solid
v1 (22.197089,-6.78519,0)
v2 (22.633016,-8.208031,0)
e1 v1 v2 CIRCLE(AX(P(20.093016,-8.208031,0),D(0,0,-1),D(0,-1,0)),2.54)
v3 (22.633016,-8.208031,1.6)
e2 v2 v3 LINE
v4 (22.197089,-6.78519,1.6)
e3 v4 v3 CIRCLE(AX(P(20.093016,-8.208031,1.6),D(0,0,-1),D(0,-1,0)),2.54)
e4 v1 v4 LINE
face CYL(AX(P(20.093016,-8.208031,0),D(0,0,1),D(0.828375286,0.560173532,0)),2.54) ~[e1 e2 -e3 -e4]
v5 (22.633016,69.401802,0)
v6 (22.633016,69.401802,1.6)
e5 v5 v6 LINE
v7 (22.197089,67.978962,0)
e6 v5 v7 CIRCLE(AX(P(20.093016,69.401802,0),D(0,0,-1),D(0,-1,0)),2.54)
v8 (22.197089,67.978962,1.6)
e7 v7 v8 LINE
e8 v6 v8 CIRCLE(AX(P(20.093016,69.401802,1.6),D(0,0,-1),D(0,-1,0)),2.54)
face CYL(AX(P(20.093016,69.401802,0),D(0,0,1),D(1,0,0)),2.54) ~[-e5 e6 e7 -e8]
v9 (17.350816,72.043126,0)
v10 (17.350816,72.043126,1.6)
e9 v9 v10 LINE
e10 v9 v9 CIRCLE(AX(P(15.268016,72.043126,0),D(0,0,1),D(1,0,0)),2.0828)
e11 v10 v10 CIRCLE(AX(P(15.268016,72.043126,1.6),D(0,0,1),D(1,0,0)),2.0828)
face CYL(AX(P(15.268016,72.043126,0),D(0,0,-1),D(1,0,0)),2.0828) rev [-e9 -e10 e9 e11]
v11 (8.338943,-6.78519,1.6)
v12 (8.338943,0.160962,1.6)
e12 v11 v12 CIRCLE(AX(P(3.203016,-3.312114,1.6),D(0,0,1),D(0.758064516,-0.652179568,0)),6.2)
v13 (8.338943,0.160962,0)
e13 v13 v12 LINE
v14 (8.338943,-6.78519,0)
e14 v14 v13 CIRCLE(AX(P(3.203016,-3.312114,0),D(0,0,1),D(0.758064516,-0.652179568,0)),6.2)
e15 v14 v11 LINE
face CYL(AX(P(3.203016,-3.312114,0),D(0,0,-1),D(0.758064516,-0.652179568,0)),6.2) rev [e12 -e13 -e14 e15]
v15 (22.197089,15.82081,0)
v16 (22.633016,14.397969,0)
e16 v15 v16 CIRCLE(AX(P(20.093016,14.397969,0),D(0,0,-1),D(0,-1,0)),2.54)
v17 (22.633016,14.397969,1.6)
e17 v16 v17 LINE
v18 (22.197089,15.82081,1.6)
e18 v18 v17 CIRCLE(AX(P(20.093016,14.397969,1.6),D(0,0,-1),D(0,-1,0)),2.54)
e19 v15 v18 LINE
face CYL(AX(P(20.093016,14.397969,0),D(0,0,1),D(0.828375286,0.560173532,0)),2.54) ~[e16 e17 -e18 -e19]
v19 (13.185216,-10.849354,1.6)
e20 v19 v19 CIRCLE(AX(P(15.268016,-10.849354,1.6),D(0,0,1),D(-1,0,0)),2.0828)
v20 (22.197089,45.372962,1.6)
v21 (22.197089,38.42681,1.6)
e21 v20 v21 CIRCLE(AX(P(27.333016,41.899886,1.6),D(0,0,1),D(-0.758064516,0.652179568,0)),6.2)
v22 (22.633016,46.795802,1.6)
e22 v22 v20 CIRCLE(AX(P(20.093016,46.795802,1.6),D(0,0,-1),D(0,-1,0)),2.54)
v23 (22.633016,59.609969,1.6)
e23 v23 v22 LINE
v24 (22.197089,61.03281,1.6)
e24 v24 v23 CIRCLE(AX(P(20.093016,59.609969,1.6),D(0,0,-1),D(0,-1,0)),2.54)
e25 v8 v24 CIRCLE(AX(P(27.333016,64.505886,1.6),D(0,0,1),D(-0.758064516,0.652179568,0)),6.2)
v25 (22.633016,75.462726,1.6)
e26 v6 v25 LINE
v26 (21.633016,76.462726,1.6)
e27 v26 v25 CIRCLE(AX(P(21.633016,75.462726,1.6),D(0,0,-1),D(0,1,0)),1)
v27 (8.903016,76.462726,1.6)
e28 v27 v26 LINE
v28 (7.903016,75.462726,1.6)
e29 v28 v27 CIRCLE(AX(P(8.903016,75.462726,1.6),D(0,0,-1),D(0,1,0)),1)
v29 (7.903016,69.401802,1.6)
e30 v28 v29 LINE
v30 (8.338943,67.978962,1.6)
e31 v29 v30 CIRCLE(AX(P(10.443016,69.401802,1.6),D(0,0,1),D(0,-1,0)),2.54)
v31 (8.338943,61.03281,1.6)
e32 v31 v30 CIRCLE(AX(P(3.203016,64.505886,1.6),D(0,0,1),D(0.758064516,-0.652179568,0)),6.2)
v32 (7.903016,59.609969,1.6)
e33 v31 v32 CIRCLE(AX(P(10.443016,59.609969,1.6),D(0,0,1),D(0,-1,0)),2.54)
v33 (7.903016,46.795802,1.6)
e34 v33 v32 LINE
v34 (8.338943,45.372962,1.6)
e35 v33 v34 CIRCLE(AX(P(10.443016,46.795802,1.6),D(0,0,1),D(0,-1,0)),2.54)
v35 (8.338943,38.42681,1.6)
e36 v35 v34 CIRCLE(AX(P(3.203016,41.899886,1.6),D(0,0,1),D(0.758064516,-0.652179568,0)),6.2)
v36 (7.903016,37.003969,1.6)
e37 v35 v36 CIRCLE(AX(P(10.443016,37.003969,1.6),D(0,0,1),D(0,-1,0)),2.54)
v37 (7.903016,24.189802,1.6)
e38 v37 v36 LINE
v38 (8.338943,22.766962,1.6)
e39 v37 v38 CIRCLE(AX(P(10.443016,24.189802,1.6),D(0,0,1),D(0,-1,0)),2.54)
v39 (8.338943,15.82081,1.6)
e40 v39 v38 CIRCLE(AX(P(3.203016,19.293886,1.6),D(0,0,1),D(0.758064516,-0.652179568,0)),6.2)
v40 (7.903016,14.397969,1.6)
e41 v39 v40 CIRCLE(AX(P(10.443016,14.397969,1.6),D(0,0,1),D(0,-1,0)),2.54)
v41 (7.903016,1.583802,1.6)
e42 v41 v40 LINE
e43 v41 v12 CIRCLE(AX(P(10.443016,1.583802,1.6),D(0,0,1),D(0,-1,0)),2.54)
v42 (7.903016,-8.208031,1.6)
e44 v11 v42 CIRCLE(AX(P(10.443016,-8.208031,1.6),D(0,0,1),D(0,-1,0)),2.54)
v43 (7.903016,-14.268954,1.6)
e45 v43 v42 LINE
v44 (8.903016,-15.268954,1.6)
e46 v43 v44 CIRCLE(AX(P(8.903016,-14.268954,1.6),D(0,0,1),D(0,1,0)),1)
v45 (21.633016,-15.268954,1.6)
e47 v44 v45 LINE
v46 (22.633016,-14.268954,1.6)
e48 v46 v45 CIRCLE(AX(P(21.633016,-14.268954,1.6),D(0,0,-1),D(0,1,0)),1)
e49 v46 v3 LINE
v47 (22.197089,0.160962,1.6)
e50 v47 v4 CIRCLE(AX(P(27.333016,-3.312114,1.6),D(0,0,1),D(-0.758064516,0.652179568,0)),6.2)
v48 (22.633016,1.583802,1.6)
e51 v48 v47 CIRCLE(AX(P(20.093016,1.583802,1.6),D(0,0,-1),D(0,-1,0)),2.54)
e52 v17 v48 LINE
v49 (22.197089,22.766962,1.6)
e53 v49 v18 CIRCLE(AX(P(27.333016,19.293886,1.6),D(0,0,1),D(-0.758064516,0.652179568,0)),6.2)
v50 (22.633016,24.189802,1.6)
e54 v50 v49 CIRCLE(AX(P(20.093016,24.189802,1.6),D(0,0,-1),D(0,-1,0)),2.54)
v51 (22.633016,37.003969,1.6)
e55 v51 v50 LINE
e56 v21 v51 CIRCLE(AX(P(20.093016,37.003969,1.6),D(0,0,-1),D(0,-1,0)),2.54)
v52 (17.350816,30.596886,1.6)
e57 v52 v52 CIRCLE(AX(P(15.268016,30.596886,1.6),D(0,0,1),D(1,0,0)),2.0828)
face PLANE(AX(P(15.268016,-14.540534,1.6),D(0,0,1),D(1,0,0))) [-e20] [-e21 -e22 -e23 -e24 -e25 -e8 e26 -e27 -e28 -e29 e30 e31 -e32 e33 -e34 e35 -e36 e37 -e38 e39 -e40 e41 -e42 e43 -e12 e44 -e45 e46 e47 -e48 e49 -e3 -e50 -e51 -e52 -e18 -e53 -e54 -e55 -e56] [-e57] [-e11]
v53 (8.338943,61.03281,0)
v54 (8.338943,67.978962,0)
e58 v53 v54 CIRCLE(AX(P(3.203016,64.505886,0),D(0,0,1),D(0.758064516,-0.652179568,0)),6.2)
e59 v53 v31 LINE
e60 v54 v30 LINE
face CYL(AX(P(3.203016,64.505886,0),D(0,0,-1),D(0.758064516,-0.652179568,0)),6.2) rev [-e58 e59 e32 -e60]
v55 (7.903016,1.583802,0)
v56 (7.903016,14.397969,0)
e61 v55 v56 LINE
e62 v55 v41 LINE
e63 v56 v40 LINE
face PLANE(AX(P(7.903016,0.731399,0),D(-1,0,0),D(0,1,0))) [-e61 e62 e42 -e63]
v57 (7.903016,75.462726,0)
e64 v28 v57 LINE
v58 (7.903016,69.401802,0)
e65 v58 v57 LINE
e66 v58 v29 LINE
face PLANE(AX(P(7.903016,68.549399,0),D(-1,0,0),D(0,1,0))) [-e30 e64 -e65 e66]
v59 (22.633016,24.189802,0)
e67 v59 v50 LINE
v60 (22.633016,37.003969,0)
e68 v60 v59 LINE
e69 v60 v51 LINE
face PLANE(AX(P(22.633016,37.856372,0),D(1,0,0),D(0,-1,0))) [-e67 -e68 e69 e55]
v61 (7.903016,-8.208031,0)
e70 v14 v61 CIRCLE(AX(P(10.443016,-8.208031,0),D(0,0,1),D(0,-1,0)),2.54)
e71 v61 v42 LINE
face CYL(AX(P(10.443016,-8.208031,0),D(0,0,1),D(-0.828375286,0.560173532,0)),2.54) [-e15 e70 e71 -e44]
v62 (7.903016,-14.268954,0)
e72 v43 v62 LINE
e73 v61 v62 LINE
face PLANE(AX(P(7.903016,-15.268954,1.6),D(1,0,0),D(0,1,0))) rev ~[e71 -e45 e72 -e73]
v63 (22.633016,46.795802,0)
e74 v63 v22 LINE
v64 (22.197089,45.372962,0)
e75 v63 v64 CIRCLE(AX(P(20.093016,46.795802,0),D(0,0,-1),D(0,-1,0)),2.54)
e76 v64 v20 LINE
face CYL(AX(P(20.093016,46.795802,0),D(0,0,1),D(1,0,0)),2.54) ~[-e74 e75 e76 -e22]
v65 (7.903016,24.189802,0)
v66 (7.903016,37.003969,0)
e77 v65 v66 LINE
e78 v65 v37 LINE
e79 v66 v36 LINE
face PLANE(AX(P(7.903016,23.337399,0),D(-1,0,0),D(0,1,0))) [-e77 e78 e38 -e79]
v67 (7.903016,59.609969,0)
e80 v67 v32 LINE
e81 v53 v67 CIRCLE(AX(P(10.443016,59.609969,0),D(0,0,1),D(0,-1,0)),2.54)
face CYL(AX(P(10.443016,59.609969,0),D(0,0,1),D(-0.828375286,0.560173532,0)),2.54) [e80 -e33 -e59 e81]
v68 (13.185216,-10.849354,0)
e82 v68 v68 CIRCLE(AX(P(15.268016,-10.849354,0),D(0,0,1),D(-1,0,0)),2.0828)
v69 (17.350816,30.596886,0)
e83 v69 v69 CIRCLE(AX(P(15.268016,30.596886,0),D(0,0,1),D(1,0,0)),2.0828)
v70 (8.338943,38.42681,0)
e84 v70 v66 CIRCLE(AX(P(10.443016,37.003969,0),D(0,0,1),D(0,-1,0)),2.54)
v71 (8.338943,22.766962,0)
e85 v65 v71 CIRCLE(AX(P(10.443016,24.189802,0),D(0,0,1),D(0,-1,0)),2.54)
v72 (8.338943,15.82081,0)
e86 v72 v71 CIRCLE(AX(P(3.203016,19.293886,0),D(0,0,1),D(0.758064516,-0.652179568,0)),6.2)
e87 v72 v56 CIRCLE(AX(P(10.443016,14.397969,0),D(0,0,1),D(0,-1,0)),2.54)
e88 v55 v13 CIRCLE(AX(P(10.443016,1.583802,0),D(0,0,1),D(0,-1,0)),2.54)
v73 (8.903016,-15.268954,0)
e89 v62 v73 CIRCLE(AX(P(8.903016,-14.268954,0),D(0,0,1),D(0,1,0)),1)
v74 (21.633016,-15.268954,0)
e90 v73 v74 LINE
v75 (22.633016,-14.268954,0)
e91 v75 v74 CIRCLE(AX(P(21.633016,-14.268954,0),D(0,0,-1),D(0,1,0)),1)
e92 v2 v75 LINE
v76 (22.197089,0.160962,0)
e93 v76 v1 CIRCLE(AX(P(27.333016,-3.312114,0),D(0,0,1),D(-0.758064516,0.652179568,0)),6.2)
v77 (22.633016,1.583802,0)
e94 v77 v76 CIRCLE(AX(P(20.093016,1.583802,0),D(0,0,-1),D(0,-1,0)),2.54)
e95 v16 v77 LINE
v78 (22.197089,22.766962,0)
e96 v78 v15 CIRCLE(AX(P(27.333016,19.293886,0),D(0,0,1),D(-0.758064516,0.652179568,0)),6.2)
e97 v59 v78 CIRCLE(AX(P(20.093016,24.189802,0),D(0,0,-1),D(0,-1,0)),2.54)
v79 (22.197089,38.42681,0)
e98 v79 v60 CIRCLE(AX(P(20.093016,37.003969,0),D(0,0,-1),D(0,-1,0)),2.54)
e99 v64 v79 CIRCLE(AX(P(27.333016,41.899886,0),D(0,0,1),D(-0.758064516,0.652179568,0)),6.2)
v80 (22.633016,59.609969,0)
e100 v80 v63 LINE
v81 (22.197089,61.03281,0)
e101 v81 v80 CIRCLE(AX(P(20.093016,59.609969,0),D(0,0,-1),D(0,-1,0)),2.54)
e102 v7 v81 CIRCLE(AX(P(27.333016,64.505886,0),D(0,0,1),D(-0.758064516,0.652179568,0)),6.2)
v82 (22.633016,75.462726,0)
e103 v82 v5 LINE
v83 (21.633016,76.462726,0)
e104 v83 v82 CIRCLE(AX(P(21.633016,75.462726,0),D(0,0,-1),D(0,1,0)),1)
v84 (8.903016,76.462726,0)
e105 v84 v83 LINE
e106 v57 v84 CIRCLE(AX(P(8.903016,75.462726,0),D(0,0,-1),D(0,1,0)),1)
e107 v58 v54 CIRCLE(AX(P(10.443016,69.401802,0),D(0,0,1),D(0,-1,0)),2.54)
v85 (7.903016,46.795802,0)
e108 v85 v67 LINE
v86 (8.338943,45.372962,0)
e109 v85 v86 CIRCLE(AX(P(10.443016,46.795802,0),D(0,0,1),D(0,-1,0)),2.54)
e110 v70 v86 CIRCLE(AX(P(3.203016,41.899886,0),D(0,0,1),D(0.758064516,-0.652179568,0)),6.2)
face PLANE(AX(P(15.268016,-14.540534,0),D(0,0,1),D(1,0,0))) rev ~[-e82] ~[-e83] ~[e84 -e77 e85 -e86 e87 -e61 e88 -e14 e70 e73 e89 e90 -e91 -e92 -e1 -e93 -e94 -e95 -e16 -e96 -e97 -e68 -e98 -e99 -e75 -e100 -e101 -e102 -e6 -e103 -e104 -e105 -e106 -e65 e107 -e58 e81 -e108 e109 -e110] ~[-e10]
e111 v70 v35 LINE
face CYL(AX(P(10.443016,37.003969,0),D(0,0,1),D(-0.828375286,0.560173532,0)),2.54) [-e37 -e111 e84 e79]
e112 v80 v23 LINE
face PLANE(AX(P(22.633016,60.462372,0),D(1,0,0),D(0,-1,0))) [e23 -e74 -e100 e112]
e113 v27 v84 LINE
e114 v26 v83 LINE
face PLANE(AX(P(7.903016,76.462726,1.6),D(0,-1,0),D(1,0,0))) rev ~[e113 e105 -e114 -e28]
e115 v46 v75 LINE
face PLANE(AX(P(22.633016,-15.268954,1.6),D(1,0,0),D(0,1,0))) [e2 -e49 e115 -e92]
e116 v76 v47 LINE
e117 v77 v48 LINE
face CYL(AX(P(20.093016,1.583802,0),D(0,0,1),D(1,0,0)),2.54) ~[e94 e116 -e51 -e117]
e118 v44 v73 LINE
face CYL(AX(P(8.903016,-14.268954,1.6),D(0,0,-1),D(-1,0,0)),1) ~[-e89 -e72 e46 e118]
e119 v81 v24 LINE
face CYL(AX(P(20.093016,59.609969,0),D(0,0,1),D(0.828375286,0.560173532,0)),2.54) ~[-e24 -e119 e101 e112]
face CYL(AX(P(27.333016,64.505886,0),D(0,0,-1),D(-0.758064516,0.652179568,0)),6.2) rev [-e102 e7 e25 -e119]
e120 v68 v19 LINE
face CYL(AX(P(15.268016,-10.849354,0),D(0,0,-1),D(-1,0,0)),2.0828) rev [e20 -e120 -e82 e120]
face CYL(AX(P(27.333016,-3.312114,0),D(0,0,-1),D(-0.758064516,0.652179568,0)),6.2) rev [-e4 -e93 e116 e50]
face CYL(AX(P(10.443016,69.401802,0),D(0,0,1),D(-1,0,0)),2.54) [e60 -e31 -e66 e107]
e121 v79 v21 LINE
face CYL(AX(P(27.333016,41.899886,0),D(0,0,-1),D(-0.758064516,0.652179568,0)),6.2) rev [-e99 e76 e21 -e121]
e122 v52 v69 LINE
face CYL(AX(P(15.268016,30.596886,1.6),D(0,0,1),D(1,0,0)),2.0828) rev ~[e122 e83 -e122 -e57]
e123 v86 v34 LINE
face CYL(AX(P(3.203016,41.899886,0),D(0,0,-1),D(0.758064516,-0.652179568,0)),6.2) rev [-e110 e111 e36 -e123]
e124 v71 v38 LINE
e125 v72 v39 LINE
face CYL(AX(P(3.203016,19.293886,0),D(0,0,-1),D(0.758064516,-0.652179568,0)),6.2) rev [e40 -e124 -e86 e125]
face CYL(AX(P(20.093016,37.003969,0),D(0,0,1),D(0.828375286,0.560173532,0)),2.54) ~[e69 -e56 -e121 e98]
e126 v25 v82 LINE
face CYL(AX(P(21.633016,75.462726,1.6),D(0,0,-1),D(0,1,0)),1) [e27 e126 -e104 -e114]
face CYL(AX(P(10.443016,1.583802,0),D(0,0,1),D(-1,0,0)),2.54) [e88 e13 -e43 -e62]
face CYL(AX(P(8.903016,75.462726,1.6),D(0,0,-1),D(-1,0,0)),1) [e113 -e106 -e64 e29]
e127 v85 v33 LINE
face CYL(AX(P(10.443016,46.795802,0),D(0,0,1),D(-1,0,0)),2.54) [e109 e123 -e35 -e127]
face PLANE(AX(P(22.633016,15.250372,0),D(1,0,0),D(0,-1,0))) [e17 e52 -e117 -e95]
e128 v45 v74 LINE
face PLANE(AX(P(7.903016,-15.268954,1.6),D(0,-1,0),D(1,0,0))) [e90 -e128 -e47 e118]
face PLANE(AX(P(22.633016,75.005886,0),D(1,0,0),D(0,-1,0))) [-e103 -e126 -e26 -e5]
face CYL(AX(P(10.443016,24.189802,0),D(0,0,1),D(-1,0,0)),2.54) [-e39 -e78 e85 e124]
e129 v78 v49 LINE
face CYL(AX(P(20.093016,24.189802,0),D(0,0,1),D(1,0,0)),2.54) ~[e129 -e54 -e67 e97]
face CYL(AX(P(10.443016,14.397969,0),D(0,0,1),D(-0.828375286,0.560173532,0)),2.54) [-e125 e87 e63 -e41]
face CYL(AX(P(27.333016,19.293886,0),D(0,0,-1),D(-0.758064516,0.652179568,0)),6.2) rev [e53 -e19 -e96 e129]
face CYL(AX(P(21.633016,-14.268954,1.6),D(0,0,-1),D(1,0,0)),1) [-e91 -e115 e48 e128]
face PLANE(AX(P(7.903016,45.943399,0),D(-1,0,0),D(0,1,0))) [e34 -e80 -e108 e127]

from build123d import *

# Parameters (mm, degrees)
SKETCH1_R           = 2.0828
BOSS_EXTRUDE1_DEPTH = 1.6
FILLET1_R           = 2.54
SKETCH3_R           = 2.0828
CUT_EXTRUDE1_DEPTH  = 79.362595117
SKETCH4_W           = 14.730000004
SKETCH4_H           = 1.456840112
BOSS_EXTRUDE2_DEPTH = 1.6
FILLET2_R           = 1


with BuildPart() as part:
    # Sketch1 → Boss-Extrude1 (new body)
    with BuildSketch(Plane.XY):
        with BuildLine():
            Line((7.903015948, 75.005885785), (22.633015952, 75.005885785))
            Line((22.633015952, 75.005885785), (22.633015952, 68.549399108))
            ThreePointArc((22.633015952, 68.549399108), (21.133015952, 64.505885785), (22.633015952, 60.462372462))
            Line((22.633015952, 60.462372462), (22.633015952, 45.943399108))
            ThreePointArc((22.633015952, 45.943399108), (21.133015952, 41.899885785), (22.633015952, 37.856372462))
            Line((22.633015952, 37.856372462), (22.633015952, 23.337399108))
            ThreePointArc((22.633015952, 23.337399108), (21.133015952, 19.293885785), (22.633015952, 15.250372462))
            Line((22.633015952, 15.250372462), (22.633015952, 0.731399108))
            ThreePointArc((22.633015952, 0.731399108), (21.133015952, -3.312114215), (22.633015952, -7.355627538))
            Line((22.633015952, -7.355627538), (22.633015952, -13.812114215))
            Line((22.633015952, -13.812114215), (7.903015948, -13.812114215))
            Line((7.903015948, -13.812114215), (7.903015948, -7.355627538))
            ThreePointArc((7.903015948, -7.355627538), (9.403015948, -3.312114215), (7.903015948, 0.731399108))
            Line((7.903015948, 0.731399108), (7.903015948, 15.250372462))
            ThreePointArc((7.903015948, 15.250372462), (9.403015948, 19.293885785), (7.903015948, 23.337399108))
            Line((7.903015948, 23.337399108), (7.903015948, 37.856372462))
            ThreePointArc((7.903015948, 37.856372462), (9.403015948, 41.899885785), (7.903015948, 45.943399108))
            Line((7.903015948, 45.943399108), (7.903015948, 60.462372462))
            ThreePointArc((7.903015948, 60.462372462), (9.403015948, 64.505885785), (7.903015948, 68.549399108))
            Line((7.903015948, 68.549399108), (7.903015948, 75.005885785))
        make_face()
        with Locations((15.26801595, 72.043125897)):
            Circle(SKETCH1_R, mode=Mode.SUBTRACT)
        with Locations(Location((15.26801595, -10.849354327, 0), (0, 0, 180))):
            Circle(SKETCH1_R, mode=Mode.SUBTRACT)
    extrude(amount=BOSS_EXTRUDE1_DEPTH)

    # Fillet1
    fillet1_edges = [part.edges().sort_by_distance(p)[0] for p in [
        (22.633015952, 68.549399108, 0.8),
        (22.633015952, 60.462372462, 0.8),
        (22.633015952, 45.943399108, 0.8),
        (22.633015952, 37.856372462, 0.8),
        (22.633015952, 23.337399108, 0.8),
        (22.633015952, 15.250372462, 0.8),
        (22.633015952, 0.731399108, 0.8),
        (22.633015952, -7.355627538, 0.8),
        (7.903015948, -7.355627538, 0.8),
        (7.903015948, 0.731399108, 0.8),
        (7.903015948, 15.250372462, 0.8),
        (7.903015948, 23.337399108, 0.8),
        (7.903015948, 37.856372462, 0.8),
        (7.903015948, 45.943399108, 0.8),
        (7.903015948, 60.462372462, 0.8),
        (7.903015948, 68.549399108, 0.8),
    ]]
    fillet(fillet1_edges, radius=FILLET1_R)

    # Sketch3 → Cut-Extrude1 (cut, through all)
    with BuildSketch(Plane.XY.offset(1.6)):
        with Locations((15.26801595, 30.596885785)):
            Circle(SKETCH3_R)
    extrude(amount=-CUT_EXTRUDE1_DEPTH, mode=Mode.SUBTRACT)

    # Sketch4 → Boss-Extrude2 (add, through all)
    with BuildSketch(Plane.XY.offset(1.6)):
        with Locations((15.26801595, -14.540534271)):
            Rectangle(SKETCH4_W, SKETCH4_H)
        with Locations((15.26801595, 75.734305841)):
            Rectangle(SKETCH4_W, SKETCH4_H)
    extrude(amount=-BOSS_EXTRUDE2_DEPTH)

    # Fillet2
    fillet2_edges = [part.edges().sort_by_distance(p)[0] for p in [
        (7.903015948, 76.462725897, 0.8),
        (22.633015952, 76.462725897, 0.8),
        (7.903015948, -15.268954327, 0.8),
        (22.633015952, -15.268954327, 0.8),
    ]]
    fillet(fillet2_edges, radius=FILLET2_R)


solid = part.part
